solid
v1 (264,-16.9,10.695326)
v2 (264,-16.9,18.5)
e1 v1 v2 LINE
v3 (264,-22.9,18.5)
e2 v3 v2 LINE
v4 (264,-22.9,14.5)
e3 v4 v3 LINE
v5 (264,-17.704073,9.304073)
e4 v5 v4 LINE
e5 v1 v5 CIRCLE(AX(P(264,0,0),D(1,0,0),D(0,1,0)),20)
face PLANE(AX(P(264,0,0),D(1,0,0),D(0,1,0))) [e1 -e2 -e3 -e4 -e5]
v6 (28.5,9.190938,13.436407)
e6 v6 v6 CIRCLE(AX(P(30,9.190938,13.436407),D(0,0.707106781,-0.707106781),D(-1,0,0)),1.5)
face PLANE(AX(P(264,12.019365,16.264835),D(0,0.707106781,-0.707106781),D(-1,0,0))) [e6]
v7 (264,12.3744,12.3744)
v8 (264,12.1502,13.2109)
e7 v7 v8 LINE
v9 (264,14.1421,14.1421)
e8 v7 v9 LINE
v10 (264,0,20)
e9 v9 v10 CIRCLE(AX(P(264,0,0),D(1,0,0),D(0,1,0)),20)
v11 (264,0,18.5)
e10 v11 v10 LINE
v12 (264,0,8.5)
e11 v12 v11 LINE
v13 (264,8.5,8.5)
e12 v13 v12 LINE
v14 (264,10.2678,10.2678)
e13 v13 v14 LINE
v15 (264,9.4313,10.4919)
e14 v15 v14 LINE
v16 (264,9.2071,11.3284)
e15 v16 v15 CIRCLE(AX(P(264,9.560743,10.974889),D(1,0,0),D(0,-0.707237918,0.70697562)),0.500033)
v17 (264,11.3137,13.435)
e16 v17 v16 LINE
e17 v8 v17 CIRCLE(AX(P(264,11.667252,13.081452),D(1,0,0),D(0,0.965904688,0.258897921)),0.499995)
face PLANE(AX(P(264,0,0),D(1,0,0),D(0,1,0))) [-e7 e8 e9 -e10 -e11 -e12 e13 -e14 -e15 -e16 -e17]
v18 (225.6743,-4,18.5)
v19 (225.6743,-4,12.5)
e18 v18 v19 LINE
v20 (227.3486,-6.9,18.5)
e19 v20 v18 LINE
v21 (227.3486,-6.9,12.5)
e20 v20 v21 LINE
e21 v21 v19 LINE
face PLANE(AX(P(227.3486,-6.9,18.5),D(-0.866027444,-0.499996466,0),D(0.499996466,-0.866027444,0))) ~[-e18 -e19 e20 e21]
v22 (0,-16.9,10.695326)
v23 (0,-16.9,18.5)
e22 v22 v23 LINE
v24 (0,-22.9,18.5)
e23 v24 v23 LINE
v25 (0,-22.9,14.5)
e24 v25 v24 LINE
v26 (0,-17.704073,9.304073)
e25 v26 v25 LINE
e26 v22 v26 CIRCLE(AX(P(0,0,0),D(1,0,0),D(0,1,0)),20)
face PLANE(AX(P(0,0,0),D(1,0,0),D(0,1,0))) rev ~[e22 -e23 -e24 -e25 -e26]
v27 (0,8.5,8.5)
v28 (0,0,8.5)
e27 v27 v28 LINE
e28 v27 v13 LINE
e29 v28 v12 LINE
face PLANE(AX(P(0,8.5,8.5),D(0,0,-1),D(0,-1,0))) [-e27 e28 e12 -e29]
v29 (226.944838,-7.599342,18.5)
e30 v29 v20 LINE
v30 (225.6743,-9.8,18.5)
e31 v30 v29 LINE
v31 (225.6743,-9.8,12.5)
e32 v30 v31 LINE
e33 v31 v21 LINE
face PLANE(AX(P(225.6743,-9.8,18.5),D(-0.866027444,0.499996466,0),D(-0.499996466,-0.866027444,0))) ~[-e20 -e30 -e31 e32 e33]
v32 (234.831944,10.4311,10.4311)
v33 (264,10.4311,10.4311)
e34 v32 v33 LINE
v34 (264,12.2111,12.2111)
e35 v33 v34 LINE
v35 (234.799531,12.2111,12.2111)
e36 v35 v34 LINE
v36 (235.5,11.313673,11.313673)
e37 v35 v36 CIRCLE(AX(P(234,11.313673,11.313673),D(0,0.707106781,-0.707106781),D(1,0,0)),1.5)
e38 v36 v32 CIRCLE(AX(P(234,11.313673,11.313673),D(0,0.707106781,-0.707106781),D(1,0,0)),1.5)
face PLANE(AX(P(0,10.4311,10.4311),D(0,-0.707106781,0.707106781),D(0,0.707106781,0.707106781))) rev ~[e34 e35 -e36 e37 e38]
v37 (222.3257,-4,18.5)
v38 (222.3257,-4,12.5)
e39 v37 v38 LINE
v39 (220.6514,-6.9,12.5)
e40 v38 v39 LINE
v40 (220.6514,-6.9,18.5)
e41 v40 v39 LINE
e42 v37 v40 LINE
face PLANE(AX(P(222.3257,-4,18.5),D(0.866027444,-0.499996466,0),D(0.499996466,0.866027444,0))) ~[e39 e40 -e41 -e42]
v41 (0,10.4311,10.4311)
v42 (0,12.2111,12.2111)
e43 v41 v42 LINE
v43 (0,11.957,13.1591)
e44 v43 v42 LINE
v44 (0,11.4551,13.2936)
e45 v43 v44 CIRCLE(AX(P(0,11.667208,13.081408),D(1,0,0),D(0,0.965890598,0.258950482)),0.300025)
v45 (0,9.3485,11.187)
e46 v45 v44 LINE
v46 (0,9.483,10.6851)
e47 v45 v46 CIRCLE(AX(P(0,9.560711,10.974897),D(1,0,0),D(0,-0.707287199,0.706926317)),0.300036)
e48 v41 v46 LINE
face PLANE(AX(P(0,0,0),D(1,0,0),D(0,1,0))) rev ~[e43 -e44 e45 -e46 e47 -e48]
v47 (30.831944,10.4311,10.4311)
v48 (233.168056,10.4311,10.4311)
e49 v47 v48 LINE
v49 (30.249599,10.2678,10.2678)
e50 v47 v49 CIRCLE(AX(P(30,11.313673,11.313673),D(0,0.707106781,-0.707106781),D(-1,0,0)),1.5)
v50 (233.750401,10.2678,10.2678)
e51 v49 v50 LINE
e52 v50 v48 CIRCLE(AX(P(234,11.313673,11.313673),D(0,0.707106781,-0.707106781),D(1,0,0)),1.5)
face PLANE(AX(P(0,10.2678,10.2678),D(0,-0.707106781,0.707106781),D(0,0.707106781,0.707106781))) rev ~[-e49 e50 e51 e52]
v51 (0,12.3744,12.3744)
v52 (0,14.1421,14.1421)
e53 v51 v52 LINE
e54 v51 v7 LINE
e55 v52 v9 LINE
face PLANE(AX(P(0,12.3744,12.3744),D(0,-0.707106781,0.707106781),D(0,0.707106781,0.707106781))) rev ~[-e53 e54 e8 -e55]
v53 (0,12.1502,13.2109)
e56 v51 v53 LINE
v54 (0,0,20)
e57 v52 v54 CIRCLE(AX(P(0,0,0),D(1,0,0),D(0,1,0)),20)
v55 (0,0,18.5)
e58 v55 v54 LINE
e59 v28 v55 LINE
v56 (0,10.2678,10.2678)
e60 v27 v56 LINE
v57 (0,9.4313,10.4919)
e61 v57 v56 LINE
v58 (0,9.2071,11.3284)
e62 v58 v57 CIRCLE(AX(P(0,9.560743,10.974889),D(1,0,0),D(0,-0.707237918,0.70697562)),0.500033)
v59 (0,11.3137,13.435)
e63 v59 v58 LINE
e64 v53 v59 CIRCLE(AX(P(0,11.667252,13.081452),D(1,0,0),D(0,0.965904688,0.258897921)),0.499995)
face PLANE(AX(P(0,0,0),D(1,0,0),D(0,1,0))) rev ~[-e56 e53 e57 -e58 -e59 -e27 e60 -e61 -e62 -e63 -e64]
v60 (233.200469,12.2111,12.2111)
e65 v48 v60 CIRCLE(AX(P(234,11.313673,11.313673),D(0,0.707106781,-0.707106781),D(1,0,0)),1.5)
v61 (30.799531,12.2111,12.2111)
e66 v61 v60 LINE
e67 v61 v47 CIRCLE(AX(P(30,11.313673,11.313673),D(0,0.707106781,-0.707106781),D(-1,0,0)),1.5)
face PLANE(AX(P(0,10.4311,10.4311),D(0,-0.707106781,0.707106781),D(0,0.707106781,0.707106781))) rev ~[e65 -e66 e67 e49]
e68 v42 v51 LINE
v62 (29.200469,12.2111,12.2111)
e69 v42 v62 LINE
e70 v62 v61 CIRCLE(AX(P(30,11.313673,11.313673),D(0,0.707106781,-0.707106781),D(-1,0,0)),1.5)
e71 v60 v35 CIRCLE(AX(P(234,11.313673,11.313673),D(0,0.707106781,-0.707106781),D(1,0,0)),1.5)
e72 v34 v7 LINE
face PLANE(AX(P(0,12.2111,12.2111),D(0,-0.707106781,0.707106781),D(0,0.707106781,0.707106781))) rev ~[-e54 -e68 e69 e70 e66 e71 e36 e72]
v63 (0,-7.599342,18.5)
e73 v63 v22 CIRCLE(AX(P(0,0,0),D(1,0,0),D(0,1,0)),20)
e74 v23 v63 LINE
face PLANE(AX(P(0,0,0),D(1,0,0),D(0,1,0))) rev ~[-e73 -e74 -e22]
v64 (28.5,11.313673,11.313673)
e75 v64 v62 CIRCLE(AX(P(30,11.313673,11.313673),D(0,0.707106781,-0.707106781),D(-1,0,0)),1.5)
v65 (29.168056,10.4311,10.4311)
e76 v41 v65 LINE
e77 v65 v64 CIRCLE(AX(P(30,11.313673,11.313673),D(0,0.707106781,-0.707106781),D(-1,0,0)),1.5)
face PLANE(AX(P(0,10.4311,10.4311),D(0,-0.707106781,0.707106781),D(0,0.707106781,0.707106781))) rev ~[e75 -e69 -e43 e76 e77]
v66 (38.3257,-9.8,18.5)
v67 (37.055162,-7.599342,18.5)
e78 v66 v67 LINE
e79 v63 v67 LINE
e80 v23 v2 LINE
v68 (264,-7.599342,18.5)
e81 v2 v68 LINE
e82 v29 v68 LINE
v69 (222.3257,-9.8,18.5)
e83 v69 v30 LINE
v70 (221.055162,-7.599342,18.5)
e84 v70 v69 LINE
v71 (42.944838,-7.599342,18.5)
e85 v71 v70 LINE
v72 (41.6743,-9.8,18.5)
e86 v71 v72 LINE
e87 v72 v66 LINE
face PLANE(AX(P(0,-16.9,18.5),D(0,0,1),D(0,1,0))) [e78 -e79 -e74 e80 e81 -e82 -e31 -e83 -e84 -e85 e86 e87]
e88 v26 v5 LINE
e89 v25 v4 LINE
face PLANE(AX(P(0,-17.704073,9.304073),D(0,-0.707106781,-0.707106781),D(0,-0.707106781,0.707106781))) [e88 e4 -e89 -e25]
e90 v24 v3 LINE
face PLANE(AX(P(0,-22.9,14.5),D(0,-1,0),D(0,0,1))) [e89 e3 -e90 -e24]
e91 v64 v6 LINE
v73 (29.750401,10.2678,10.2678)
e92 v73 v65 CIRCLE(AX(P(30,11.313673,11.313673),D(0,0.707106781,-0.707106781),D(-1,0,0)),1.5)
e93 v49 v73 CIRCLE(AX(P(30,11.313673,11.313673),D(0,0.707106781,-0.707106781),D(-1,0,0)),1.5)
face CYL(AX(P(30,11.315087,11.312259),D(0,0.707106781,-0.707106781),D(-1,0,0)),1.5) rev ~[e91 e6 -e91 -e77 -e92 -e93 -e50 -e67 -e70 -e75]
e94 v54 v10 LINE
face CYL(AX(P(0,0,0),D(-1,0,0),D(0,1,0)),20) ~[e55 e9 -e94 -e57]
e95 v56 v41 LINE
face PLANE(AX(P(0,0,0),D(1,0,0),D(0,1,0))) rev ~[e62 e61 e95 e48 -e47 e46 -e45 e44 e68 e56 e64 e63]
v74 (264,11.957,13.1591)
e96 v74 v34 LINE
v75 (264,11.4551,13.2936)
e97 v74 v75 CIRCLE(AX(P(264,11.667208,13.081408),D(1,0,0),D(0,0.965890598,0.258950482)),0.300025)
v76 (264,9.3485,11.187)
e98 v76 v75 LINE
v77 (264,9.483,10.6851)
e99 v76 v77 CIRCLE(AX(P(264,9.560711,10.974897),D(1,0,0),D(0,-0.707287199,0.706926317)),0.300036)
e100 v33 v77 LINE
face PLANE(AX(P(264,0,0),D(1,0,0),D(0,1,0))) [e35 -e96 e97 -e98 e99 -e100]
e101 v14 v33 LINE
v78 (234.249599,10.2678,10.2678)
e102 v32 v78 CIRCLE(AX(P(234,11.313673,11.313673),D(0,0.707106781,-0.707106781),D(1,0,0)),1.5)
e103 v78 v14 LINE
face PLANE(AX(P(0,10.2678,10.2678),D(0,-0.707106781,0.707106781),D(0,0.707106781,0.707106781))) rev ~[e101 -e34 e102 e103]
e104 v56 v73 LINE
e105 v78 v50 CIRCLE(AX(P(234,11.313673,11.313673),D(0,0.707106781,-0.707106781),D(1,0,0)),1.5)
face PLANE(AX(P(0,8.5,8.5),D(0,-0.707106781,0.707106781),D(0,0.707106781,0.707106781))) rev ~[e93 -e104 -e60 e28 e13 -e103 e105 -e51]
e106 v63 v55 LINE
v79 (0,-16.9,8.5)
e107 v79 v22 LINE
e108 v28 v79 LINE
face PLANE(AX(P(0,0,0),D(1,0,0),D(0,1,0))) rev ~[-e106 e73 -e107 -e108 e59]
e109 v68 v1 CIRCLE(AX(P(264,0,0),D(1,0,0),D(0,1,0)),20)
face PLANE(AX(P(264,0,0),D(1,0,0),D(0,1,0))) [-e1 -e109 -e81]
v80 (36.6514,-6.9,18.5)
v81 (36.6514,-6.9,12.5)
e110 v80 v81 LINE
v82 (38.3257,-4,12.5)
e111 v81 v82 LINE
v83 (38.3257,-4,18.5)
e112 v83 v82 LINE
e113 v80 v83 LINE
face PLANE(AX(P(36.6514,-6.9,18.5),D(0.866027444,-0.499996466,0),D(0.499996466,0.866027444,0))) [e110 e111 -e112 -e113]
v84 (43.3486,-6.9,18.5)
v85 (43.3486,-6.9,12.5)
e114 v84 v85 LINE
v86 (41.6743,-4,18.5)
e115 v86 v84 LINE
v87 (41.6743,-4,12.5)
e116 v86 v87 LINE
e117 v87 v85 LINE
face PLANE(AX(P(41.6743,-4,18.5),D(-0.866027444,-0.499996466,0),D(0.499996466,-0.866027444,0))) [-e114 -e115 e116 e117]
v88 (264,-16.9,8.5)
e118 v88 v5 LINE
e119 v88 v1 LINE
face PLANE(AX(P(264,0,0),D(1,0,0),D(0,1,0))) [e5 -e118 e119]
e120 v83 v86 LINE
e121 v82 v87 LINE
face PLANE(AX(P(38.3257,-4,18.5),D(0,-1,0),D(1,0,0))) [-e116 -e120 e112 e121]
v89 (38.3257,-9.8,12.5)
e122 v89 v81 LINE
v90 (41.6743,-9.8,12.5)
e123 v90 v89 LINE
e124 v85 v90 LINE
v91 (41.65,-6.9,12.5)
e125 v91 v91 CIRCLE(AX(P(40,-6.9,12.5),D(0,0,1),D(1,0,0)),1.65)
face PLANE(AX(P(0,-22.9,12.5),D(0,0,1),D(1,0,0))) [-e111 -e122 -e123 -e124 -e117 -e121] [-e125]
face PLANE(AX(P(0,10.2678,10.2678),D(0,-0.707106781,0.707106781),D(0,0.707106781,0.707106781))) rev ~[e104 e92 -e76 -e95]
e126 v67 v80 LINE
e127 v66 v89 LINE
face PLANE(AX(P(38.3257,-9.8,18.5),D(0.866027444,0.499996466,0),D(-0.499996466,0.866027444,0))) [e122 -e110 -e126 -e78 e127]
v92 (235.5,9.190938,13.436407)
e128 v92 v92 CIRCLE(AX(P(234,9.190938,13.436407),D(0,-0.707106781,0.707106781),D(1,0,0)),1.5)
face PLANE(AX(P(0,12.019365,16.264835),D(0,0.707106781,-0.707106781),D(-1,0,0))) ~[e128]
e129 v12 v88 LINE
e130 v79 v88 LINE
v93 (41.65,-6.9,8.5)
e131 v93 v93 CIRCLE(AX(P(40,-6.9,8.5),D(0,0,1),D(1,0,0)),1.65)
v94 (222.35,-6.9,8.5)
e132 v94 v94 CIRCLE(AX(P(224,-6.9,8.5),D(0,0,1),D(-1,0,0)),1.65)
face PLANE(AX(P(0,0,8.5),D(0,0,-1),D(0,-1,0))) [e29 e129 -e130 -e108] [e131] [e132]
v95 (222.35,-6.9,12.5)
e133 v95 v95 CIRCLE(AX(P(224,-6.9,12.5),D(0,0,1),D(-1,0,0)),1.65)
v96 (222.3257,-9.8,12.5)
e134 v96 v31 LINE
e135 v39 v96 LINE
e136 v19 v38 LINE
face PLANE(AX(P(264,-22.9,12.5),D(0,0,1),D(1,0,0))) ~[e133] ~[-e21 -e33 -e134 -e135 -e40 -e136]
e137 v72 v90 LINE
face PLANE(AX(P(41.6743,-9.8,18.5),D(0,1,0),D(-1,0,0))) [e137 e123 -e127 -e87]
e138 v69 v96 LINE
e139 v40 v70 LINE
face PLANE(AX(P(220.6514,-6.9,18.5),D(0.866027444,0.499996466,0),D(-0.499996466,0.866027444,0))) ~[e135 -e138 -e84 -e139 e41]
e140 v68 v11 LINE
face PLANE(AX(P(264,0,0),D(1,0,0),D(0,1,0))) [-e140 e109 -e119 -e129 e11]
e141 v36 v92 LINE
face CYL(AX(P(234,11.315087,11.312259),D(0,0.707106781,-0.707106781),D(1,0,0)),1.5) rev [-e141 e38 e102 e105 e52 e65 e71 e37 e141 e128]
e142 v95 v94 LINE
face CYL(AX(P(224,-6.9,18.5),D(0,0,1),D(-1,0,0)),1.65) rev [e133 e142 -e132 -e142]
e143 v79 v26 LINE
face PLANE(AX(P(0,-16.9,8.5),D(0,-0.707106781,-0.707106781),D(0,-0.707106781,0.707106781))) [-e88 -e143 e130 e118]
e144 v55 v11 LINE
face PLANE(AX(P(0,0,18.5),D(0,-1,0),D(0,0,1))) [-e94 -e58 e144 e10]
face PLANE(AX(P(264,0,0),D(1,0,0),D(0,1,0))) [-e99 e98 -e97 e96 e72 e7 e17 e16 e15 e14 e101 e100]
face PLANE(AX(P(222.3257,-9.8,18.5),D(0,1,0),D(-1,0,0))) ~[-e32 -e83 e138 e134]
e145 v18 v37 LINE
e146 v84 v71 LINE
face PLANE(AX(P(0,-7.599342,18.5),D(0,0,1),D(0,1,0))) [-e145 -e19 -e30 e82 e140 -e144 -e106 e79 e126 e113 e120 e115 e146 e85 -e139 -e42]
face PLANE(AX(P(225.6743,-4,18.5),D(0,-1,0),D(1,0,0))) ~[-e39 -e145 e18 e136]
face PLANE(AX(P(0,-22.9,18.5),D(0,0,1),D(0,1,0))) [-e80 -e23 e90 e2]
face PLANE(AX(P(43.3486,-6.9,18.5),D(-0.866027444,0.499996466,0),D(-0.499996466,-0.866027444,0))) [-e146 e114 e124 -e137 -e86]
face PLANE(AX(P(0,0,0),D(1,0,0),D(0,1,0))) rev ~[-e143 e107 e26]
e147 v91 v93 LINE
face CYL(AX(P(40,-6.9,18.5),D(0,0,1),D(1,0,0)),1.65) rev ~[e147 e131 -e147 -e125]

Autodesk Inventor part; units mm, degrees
ref_plane "YZ Plane" through (0, 0, 0) normal (1, 0, 0) x (0, 1, 0)
ref_plane "XZ Plane" through (0, 0, 0) normal (0, 1, 0) x (-1, 0, 0)
ref_plane "XY Plane" through (0, 0, 0) normal (0, 0, 1) x (1, 0, 0)
sketch "Sketch1" plane through (0, 0, 0) normal (1, 0, 0) x (0, 1, 0)
  circle A0 centre (0, 0) radius 20
  line L0 (8.5, 8.5) -> (-16.9, 8.5)
  line L1 (8.5, 8.5) -> (8.5, -16.9)
  line L2 (0, 0) -> (0, 20)
  line L3 (0, 20) -> (-60.9241, 20)
  line L4 (-60.9241, 20) -> (-60.9241, 18.5)
  line L5 (-60.9241, 18.5) -> (0, 18.5)
  line L6 (0, 18.5) -> (0, 20)
  line L7 (0, 0) -> (14.1421, 14.1421)
  line L8 (0, 0) -> (20, 0)
  line L9 (-16.9, 8.5) -> (-16.9, 18.5)
  line L10 (-16.9, 8.5) -> (-22.9, 14.5)
  line L11 (-22.9, 14.5) -> (-22.9, 18.5)
  line L12 (12.3744, 12.3744) -> (12.1502, 13.2109)
  line L13 (11.3137, 13.435) -> (9.2071, 11.3284)
  line L14 (9.4313, 10.4919) -> (10.2678, 10.2678)
  line L15 (8.5, 8.5) -> (8.5, -16.9)
  line L16 (20, 0) -> (20, -60.9241)
  line L17 (20, -60.9241) -> (18.5, -60.9241)
  line L18 (18.5, -60.9241) -> (18.5, 0)
  line L19 (8.5, -16.9) -> (18.5, -16.9)
  line L20 (8.5, -16.9) -> (14.5, -22.9)
  line L21 (14.5, -22.9) -> (18.5, -22.9)
  arc A1 (9.2071, 11.3284) -> (9.4313, 10.4919) centre (9.5607, 10.9749) ccw
  arc A2 (12.1502, 13.2109) -> (11.3137, 13.435) centre (11.6673, 13.0815) ccw
  line L22 (10.4311, 10.4311) -> (9.483, 10.6851)
  arc A3 (9.3485, 11.187) -> (9.483, 10.6851) centre (9.5607, 10.9749) ccw
  line L23 (9.3485, 11.187) -> (11.4551, 13.2936)
  arc A4 (11.957, 13.1591) -> (11.4551, 13.2936) centre (11.6673, 13.0815) ccw
  line L24 (11.957, 13.1591) -> (12.2111, 12.2111)
  point P0 (0, 8.5)
  point P1 (-17.7041, 9.3041)
  point P2 (-16.9, 10.6953)
  dimension "d0" = 40
  dimension "d1" = 25.4
  dimension "d2" = 1.5
  dimension "d4" = 45
  dimension "d6" = 45
  dimension "d7" = 4
  dimension "d8" = 10
  dimension "d10" = 2.5
  dimension "d11" = 2.5
  dimension "d12" = 60
  dimension "d13" = 1.5
  dimension "d15" = 0.5
  dimension "d16" = 0.2
extrude "Extrusion1" add sketch "Sketch1" along normal blind 264 contours L7 L12 A2 L13 A1 L14 L0 L2 A0 | L7 L24 A4 L23 A3 L22 L14 A1 L13 A2 L12 | L5 L2 L0 L9 A0 | A0 L9 L5 | L7 L22 A3 L23 A4 L24 | L9 L10 A0 | A0 L10 L11 L5 L9
sketch "Sketch2" plane through (0, -22.9, 18.5) normal (0, 0, 1) x (1, 0, 0)
  line L0 (0, 22.9) -> (0, 0) projected
  line L1 (0, 0) -> (264, 0) projected
  line L2 (264, 22.9) -> (264, 0) projected
  line L3 (0, 22.9) -> (264, 22.9) projected
  line L4 (38.3257, 13.1) -> (36.6514, 16)
  line L5 (36.6514, 16) -> (38.3257, 18.9)
  line L6 (38.3257, 18.9) -> (41.6743, 18.9)
  line L7 (41.6743, 18.9) -> (43.3486, 16)
  line L8 (43.3486, 16) -> (41.6743, 13.1)
  line L9 (41.6743, 13.1) -> (38.3257, 13.1)
  line L10 (0, 6) -> (264, 6) projected
  circle A0 centre (40, 16) radius 1.65
  dimension "d20" = 10
  dimension "d21" = 5.8
  dimension "d22" = 40
  dimension "d25" = 3.3
extrude "Extrusion2" cut sketch "Sketch2" against normal blind 6 contours L4 L5 L6 L7 L8 L9 | A0
extrude "Extrusion3" cut sketch "Sketch2" against normal through all contours A0
sketch "Sketch3" plane through (0, -22.9, 18.5) normal (0, 0, 1) x (1, 0, 0)
  line L0 (0, 37.0421) -> (264, 37.0421) projected
  line L1 (0, 0) -> (264, 0) projected
  line L2 (0, 22.9) -> (0, 0) projected
  line L3 (0, 22.9) -> (0, 37.0421) projected
  line L4 (2.4384, 37.0421) -> (17.8575, 0)
  line L5 (0, 0) -> (264, 0) projected
  line L6 (2.4384, 37.0421) -> (0, 42.9) projected
  point P0 (0, 26.9698)
  dimension "d28" = 112.6
sketch "Sketch4" plane through (264, 14.1421, 14.1421) normal (0, 0.7071, -0.7071) x (-1, 0, 0)
  line L0 (264, 0) -> (0, 0) projected
  line L1 (0, -7.9792) -> (0, 0) projected
  line L2 (264, -7.9792) -> (0, -7.9792) projected
  circle A0 centre (234, -4) radius 1.5
  line L3 (264, -7.9792) -> (264, 0) projected
  line L4 (132, -7.9792) -> (132, 0)
  ellipse E0 centre (224, -18.8686) end of major axis (222.35, -18.8686) minor radius 1.1667 projected
  point P0 (264, -20)
  dimension "d34" = 3
  dimension "d35" = 4
  dimension "d46" = 30
extrude "Extrusion5" cut sketch "Sketch4" against normal blind 3 contours A0
ref_plane "Work Plane1" through (132, 0, 0) normal (-1, 0, 0) x (0, 0, 1)
mirror "Mirror1" about plane through (132, 0, 0) normal (-1, 0, 0) of "Extrusion5", "Extrusion2", "Extrusion3"
properties part number "ESQUINA_REDONDEADA_R20" material "Steel, Mild, Welded"
